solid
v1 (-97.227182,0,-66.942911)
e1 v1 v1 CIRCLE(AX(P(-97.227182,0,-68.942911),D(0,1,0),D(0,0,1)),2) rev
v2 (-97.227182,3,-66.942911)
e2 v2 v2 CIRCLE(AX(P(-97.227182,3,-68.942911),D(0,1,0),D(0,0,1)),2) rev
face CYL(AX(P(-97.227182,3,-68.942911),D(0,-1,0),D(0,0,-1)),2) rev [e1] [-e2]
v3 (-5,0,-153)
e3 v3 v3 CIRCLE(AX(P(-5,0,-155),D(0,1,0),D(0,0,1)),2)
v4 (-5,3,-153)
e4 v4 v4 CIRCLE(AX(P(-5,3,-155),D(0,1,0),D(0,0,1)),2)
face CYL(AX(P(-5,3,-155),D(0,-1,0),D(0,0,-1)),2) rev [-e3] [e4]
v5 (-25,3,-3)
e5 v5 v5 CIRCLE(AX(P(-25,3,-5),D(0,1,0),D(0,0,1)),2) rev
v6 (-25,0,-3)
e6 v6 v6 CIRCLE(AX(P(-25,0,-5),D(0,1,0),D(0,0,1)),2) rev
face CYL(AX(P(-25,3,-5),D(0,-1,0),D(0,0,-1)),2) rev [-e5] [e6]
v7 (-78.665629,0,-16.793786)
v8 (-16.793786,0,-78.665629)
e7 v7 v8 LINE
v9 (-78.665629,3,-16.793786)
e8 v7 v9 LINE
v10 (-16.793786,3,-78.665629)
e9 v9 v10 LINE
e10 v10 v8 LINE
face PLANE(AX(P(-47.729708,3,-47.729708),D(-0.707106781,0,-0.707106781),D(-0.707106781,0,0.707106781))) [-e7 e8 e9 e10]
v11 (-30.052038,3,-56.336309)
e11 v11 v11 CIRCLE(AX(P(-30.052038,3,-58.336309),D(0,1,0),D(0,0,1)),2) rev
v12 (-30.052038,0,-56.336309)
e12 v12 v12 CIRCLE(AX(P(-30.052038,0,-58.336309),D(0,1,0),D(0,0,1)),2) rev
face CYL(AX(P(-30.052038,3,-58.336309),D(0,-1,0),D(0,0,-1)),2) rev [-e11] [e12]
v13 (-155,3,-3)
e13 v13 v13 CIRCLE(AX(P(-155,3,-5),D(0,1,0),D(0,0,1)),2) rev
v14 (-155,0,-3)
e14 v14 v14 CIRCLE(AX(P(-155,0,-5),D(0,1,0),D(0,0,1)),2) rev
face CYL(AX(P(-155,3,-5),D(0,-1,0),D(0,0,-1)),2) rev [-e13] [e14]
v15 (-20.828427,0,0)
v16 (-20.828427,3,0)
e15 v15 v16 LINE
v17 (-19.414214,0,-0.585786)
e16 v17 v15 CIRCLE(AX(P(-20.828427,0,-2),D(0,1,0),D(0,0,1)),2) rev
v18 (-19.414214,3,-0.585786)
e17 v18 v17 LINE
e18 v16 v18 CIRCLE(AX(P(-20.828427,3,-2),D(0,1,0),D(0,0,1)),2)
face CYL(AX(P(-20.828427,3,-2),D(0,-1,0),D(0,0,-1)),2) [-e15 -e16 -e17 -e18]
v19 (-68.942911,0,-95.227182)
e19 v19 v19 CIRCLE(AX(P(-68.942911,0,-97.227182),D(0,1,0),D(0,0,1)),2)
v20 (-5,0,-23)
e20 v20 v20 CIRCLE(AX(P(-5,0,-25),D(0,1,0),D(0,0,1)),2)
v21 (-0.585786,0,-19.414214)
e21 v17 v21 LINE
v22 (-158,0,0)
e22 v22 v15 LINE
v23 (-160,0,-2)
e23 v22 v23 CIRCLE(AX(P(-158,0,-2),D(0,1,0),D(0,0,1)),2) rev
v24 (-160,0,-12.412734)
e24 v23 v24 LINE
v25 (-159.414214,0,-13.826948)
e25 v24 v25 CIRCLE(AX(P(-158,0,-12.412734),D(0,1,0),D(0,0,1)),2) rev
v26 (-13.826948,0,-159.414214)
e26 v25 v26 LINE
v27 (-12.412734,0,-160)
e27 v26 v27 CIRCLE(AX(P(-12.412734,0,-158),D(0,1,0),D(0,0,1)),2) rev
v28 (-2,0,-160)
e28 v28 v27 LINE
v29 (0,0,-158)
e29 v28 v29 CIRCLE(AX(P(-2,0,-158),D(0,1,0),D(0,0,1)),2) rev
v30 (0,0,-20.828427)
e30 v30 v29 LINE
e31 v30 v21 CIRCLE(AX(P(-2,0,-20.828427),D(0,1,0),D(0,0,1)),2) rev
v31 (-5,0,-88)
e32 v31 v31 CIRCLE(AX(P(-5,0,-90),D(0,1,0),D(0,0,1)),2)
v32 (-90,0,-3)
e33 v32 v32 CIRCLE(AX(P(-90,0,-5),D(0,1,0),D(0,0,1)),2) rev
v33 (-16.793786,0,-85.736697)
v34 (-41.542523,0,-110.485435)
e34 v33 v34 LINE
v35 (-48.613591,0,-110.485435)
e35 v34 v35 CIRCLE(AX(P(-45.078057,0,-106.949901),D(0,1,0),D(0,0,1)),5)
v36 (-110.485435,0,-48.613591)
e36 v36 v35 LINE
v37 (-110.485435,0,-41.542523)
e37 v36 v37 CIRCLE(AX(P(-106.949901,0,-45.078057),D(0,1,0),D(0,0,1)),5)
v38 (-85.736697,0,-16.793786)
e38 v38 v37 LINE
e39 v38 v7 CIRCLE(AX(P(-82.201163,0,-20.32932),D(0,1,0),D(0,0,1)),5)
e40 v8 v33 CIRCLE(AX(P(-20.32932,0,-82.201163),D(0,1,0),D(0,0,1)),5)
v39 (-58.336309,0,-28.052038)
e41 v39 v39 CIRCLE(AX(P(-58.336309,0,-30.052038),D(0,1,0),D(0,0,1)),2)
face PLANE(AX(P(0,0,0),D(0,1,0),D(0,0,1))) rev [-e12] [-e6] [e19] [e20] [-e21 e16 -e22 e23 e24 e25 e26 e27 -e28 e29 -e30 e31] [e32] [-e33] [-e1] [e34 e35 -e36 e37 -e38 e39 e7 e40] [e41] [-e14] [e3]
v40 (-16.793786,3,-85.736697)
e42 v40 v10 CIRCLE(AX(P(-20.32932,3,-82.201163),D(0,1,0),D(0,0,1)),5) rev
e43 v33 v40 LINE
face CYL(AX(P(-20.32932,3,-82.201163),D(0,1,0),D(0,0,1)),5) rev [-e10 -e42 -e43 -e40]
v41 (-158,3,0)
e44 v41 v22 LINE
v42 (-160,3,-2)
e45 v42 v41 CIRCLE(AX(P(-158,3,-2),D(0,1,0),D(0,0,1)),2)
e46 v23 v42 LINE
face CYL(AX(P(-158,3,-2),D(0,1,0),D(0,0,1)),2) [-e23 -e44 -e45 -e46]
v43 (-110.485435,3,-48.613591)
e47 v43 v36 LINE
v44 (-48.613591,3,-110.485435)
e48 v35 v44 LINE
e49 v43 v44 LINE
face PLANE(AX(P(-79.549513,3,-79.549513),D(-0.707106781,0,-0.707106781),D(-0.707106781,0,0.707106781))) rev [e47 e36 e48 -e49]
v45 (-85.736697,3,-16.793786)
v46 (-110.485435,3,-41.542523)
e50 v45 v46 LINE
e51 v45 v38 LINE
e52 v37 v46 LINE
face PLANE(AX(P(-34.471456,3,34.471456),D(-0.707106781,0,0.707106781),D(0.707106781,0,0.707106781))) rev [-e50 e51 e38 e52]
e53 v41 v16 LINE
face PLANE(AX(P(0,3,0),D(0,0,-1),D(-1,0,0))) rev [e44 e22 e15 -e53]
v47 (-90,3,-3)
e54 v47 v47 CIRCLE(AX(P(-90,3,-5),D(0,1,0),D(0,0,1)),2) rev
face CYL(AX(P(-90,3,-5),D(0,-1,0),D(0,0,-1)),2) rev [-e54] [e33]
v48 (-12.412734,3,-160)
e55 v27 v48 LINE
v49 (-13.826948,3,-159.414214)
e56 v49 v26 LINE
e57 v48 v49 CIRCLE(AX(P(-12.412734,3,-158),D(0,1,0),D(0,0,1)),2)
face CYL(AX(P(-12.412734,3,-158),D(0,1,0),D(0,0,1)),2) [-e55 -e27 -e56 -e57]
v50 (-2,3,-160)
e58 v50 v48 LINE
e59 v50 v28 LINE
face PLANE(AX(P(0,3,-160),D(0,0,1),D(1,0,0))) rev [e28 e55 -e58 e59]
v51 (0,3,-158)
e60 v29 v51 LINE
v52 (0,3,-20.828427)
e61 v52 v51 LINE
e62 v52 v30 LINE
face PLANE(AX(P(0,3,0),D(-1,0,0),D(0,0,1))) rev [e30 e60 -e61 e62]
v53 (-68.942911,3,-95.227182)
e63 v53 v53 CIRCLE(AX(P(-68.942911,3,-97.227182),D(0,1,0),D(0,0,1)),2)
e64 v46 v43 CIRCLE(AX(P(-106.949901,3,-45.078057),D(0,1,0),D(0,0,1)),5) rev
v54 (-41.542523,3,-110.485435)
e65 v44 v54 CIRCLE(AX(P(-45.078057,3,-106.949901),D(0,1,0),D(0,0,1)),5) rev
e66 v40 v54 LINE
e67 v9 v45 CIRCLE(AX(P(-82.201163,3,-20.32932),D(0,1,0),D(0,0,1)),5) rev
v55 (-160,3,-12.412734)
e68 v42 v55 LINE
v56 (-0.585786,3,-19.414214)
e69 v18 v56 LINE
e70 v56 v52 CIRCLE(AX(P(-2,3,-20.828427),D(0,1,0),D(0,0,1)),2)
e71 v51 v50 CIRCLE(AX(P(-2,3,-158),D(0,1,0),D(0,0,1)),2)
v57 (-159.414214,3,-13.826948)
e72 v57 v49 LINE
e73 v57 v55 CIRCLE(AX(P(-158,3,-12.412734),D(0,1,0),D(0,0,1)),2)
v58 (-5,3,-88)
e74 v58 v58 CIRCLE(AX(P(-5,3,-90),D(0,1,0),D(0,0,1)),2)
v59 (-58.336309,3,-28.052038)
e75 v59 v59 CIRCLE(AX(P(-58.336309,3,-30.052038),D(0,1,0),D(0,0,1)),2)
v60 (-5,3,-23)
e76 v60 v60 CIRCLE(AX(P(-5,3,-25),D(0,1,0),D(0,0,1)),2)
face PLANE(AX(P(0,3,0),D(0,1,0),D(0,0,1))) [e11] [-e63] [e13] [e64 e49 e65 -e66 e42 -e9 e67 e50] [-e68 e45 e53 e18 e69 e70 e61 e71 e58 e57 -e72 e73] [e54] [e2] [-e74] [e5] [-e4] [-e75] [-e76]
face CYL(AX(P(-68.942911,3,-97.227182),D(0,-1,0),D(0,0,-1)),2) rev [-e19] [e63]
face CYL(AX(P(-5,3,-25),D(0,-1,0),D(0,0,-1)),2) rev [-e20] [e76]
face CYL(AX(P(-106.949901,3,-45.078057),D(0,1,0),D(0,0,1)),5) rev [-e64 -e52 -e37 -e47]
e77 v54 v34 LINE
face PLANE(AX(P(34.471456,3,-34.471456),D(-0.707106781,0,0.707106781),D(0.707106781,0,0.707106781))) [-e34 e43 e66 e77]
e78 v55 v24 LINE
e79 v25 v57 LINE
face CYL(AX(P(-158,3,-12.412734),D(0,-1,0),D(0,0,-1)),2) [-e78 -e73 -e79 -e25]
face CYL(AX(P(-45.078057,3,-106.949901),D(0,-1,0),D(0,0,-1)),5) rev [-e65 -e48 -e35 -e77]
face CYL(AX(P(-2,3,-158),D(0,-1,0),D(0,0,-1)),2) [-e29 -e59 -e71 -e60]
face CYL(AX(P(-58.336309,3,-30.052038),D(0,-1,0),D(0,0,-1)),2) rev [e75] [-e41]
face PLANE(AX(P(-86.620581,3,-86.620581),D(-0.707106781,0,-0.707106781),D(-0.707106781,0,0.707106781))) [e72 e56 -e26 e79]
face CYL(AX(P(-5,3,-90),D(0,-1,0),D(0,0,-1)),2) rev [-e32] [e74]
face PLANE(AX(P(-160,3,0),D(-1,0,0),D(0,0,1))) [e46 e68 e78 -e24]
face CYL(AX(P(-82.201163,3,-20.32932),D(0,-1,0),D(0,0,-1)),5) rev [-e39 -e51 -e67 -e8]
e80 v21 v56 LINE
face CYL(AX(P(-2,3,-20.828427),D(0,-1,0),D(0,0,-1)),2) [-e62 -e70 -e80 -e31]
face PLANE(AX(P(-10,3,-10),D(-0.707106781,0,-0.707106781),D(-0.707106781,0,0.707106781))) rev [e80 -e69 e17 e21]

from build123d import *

# Parameters (mm, degrees)
SKETCH_1_R      = 2
EXTRUDE_1_DEPTH = 3
FILLET_1_R      = 2
FILLET_2_R      = 5


with BuildPart() as part:
    # ｽｹｯﾁ1 → ﾎﾞｽ - 押し出し1 (new body)
    with BuildSketch(Plane(origin=(0, 0, 0), x_dir=(1, 0, 0), z_dir=(0, 1, 0))):
        Polygon((0, 20), (0, 160), (-10, 160), (-13.241161391, 160), (-45.078057301, 128.16310409), (-128.16310409, 45.078057301), (-160, 13.241161391), (-160, 10), (-160, 0), (-20, 0), align=None)
        with Locations(Location((-5, 25, 0), (0, 0, 270))):
            Circle(SKETCH_1_R, mode=Mode.SUBTRACT)
        with Locations(Location((-5, 90, 0), (0, 0, 270))):
            Circle(SKETCH_1_R, mode=Mode.SUBTRACT)
        with Locations(Location((-90, 5, 0), (0, 0, 270))):
            Circle(SKETCH_1_R, mode=Mode.SUBTRACT)
        with Locations(Location((-25, 5, 0), (0, 0, 270))):
            Circle(SKETCH_1_R, mode=Mode.SUBTRACT)
        with Locations(Location((-68.942911166, 97.227182413, 0), (0, 0, 270))):
            Circle(SKETCH_1_R, mode=Mode.SUBTRACT)
        with Locations(Location((-30.0520382, 58.336309448, 0), (0, 0, 270))):
            Circle(SKETCH_1_R, mode=Mode.SUBTRACT)
        with Locations(Location((-58.336309448, 30.0520382, 0), (0, 0, 270))):
            Circle(SKETCH_1_R, mode=Mode.SUBTRACT)
        with Locations(Location((-97.227182413, 68.942911166, 0), (0, 0, 270))):
            Circle(SKETCH_1_R, mode=Mode.SUBTRACT)
        with Locations(Location((-5, 155, 0), (0, 0, 270))):
            Circle(SKETCH_1_R, mode=Mode.SUBTRACT)
        with Locations(Location((-155, 5, 0), (0, 0, 270))):
            Circle(SKETCH_1_R, mode=Mode.SUBTRACT)
        Polygon((-82.201163313, 13.258252147), (-13.258252147, 82.201163313), (-45.078057301, 114.020968466), (-114.020968466, 45.078057301), align=None, mode=Mode.SUBTRACT)
    extrude(amount=EXTRUDE_1_DEPTH)

    # ﾌｨﾚｯﾄ1
    fillet_1_edges = [part.edges().sort_by_distance(p)[0] for p in [
        (-13.241161391, 1.5, -160),
        (0, 1.5, -160),
        (0, 1.5, -20),
        (-20, 1.5, 0),
        (-160, 1.5, 0),
        (-160, 1.5, -13.241161391),
    ]]
    fillet(fillet_1_edges, radius=FILLET_1_R)

    # ﾌｨﾚｯﾄ2
    fillet_2_edges = [part.edges().sort_by_distance(p)[0] for p in [
        (-82.201163313, 1.5, -13.258252147),
        (-13.258252147, 1.5, -82.201163313),
        (-45.078057301, 1.5, -114.020968466),
        (-114.020968466, 1.5, -45.078057301),
    ]]
    fillet(fillet_2_edges, radius=FILLET_2_R)


solid = part.part
